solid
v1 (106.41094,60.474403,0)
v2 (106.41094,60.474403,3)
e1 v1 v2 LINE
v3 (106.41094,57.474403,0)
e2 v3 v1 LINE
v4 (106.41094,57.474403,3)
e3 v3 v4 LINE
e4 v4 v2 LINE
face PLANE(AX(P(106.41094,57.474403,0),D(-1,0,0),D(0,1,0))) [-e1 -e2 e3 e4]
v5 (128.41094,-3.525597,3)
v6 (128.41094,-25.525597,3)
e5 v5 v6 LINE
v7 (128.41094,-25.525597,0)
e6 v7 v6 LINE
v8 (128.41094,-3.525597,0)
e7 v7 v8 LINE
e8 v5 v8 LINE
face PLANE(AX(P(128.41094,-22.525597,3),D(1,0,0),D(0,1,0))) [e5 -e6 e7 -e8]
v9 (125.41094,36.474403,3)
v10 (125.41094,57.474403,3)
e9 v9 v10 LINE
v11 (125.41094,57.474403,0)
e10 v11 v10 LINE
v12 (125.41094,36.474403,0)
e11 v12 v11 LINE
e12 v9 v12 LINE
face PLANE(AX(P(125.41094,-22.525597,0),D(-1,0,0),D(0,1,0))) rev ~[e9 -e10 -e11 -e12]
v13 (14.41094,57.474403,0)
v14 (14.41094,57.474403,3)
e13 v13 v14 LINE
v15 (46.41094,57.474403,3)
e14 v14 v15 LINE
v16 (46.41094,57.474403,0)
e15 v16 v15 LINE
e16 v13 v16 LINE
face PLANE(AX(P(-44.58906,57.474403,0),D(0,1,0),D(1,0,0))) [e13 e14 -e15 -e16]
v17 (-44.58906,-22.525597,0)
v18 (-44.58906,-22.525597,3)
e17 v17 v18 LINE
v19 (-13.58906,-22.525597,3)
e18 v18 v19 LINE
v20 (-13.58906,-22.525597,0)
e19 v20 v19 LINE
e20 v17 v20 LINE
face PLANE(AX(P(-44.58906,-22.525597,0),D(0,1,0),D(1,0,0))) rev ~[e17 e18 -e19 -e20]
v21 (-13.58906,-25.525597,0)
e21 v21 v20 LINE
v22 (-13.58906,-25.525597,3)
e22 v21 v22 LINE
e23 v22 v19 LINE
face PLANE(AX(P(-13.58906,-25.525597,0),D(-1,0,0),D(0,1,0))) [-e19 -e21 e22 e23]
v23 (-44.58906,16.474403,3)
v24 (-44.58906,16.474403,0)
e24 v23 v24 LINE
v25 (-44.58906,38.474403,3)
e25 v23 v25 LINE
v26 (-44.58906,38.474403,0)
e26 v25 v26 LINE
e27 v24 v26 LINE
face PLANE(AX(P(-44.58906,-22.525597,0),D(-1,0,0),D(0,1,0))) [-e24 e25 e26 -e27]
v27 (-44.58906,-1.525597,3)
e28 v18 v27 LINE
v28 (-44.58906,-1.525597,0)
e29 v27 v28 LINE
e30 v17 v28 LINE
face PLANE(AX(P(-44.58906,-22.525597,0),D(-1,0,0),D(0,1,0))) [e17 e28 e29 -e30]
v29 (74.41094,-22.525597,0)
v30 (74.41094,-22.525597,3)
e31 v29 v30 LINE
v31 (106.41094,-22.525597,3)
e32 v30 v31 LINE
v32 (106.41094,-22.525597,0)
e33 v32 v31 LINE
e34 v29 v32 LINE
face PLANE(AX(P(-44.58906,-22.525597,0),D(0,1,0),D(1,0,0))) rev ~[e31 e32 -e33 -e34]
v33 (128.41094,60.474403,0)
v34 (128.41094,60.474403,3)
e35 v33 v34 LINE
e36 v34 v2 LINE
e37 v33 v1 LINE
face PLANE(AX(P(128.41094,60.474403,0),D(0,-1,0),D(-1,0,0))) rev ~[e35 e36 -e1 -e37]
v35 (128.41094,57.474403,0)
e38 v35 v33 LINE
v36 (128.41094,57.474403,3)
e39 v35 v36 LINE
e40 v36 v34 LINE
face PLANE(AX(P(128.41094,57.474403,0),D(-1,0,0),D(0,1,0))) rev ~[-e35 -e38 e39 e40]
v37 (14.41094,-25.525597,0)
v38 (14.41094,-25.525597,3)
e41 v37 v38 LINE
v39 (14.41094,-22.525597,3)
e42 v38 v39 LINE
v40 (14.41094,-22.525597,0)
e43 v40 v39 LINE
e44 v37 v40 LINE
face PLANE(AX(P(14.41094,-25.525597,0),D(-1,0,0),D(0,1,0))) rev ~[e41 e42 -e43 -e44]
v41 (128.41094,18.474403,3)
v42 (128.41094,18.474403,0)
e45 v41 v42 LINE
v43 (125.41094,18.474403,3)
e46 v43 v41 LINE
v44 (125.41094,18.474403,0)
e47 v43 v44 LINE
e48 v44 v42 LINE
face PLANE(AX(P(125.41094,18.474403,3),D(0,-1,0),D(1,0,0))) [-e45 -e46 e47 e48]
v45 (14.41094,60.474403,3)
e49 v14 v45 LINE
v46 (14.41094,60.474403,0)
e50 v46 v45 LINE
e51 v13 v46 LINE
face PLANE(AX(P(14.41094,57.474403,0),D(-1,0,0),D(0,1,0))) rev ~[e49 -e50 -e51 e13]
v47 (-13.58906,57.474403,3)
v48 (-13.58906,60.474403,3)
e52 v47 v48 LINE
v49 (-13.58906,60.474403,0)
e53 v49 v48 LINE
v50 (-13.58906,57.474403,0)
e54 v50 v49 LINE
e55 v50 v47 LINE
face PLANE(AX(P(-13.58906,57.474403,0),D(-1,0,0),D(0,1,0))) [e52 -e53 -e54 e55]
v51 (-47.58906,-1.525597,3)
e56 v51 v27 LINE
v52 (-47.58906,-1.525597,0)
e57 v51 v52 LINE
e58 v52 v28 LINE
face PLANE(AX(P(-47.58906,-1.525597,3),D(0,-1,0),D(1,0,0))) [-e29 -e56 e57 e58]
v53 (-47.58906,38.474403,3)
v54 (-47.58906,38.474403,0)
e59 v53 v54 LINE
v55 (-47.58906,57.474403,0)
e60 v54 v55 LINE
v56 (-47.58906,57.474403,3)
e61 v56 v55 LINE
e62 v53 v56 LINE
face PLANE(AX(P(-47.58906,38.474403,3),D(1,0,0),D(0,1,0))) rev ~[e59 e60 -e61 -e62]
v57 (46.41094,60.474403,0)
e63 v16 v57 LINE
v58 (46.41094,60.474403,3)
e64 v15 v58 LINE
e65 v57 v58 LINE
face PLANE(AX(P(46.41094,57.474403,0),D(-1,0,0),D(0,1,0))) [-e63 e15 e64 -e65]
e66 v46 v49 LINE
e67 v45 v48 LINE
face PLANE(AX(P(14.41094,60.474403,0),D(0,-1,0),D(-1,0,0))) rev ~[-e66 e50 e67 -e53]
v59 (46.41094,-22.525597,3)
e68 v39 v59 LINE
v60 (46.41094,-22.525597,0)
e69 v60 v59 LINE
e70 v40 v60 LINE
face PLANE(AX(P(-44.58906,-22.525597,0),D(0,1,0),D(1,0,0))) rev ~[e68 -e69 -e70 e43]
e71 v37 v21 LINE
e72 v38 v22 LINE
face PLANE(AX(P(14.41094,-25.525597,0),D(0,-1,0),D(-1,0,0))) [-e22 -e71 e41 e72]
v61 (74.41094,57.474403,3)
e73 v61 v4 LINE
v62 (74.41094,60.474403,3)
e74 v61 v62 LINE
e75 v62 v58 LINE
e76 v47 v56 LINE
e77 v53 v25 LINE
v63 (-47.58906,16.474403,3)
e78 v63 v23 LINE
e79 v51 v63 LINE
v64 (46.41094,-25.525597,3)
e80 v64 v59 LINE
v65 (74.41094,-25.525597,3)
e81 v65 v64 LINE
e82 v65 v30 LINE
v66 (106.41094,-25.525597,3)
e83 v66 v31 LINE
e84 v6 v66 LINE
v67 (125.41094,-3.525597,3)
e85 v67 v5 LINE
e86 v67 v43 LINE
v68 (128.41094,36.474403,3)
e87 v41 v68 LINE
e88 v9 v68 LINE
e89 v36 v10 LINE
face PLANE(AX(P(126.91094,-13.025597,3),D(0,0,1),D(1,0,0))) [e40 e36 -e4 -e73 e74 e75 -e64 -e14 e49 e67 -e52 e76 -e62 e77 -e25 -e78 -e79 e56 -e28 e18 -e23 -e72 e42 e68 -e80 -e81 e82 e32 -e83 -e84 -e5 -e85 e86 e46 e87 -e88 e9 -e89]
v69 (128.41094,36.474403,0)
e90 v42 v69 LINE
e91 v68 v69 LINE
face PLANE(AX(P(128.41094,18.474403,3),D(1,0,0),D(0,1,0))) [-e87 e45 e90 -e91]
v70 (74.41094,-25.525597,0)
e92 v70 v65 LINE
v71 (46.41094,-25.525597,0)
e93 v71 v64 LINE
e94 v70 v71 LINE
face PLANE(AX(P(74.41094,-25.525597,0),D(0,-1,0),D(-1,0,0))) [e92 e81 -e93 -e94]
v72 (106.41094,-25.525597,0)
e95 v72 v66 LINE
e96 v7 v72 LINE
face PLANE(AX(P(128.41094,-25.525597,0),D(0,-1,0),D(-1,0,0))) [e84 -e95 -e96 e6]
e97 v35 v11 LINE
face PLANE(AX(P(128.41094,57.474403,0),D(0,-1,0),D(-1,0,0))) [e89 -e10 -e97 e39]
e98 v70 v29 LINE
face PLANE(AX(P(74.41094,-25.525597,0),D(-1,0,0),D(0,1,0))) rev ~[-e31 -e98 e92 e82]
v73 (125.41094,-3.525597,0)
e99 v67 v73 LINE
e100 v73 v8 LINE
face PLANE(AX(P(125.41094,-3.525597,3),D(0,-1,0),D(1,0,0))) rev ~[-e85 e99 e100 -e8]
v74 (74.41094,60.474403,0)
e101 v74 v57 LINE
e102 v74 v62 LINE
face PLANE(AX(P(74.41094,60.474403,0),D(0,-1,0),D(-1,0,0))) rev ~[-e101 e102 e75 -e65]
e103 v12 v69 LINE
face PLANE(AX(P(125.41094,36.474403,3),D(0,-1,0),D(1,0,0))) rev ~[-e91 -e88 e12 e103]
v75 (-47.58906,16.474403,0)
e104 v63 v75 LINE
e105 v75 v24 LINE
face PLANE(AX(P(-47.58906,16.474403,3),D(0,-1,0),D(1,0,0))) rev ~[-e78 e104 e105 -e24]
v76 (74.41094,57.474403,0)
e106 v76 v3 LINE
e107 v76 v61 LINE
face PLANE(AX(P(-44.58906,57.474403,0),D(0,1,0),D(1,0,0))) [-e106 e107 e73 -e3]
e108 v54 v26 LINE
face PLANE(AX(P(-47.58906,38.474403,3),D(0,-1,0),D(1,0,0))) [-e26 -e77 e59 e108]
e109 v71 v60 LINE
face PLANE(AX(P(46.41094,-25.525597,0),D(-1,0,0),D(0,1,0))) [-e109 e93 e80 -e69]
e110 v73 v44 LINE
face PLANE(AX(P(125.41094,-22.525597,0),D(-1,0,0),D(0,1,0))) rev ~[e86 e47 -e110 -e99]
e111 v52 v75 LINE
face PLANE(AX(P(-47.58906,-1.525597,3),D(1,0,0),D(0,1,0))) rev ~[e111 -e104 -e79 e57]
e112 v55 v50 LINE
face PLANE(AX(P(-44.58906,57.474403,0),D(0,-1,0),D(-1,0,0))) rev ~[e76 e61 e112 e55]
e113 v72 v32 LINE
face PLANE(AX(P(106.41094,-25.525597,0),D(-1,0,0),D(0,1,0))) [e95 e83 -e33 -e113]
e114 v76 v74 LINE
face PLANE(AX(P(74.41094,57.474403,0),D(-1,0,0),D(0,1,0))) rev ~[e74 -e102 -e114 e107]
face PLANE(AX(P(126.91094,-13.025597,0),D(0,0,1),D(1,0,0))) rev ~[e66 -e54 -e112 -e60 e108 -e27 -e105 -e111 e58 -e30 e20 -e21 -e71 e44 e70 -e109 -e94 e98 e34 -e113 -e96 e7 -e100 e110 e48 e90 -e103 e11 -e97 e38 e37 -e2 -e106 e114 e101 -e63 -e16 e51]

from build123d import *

# Parameters (mm, degrees)
ESQUISSE1_W             = 170
ESQUISSE1_H             = 80
BOSS_EXTRU_1_DEPTH      = 3
ESQUISSE3_W             = 28
ESQUISSE3_H             = 3
ESQUISSE3_W_2           = 22
BOSS_EXTRU_2_DEPTH      = 3
ESQUISSE4_W             = 3
ESQUISSE4_H             = 19
ESQUISSE4_H_2           = 18
ESQUISSE4_H_3           = 19.233956883
BOSS_EXTRU_3_DEPTH      = 3
ESQUISSE5_W             = 3.071340823
ESQUISSE5_H             = 0.315544452
ENL_V_MAT_EXTRU_1_DEPTH = 3


with BuildPart() as part:
    # Esquisse1 → Boss.-Extru.1 (new body)
    with BuildSketch(Plane.XY):
        with Locations((40.41093995, 17.47440273)):
            Rectangle(ESQUISSE1_W, ESQUISSE1_H)
    extrude(amount=BOSS_EXTRU_1_DEPTH)

    # Esquisse3 → Boss.-Extru.2 (add)
    with BuildSketch(Plane(origin=(0, 0, 0), x_dir=(-1, 0, 0), z_dir=(0, 0, -1))):
        with Locations((-0.41093995, 58.97440273)):
            Rectangle(ESQUISSE3_W, ESQUISSE3_H)
        with Locations((-60.41093995, 58.97440273)):
            Rectangle(ESQUISSE3_W, ESQUISSE3_H)
        with Locations((-117.41093995, 58.97440273)):
            Rectangle(ESQUISSE3_W_2, ESQUISSE3_H)
        with Locations((-117.41093995, -24.02559727)):
            Rectangle(ESQUISSE3_W_2, ESQUISSE3_H)
        with Locations((-60.41093995, -24.02559727)):
            Rectangle(ESQUISSE3_W, ESQUISSE3_H)
        with Locations((-0.41093995, -24.02559727)):
            Rectangle(ESQUISSE3_W, ESQUISSE3_H)
    extrude(amount=-BOSS_EXTRU_2_DEPTH)

    # Esquisse4 → Boss.-Extru.3 (add)
    with BuildSketch(Plane.XY.offset(3)):
        with Locations((126.91093995, -13.02559727)):
            Rectangle(ESQUISSE4_W, ESQUISSE4_H)
        with Locations((126.91093995, 27.47440273)):
            Rectangle(ESQUISSE4_W, ESQUISSE4_H_2)
        with Locations((-46.08906005, 48.091381172)):
            Rectangle(ESQUISSE4_W, ESQUISSE4_H_3)
        with Locations((-46.08906005, 7.47440273)):
            Rectangle(ESQUISSE4_W, ESQUISSE4_H_2)
    extrude(amount=-BOSS_EXTRU_3_DEPTH)

    # Esquisse5 → Enlèv. mat.-Extru.1 (cut)
    with BuildSketch(Plane(origin=(0, 0, 0), x_dir=(-1, 0, 0), z_dir=(0, 0, -1))):
        with Locations((46.124730462, 57.632174956)):
            Rectangle(ESQUISSE5_W, ESQUISSE5_H)
    extrude(amount=-ENL_V_MAT_EXTRU_1_DEPTH, mode=Mode.SUBTRACT)


solid = part.part
